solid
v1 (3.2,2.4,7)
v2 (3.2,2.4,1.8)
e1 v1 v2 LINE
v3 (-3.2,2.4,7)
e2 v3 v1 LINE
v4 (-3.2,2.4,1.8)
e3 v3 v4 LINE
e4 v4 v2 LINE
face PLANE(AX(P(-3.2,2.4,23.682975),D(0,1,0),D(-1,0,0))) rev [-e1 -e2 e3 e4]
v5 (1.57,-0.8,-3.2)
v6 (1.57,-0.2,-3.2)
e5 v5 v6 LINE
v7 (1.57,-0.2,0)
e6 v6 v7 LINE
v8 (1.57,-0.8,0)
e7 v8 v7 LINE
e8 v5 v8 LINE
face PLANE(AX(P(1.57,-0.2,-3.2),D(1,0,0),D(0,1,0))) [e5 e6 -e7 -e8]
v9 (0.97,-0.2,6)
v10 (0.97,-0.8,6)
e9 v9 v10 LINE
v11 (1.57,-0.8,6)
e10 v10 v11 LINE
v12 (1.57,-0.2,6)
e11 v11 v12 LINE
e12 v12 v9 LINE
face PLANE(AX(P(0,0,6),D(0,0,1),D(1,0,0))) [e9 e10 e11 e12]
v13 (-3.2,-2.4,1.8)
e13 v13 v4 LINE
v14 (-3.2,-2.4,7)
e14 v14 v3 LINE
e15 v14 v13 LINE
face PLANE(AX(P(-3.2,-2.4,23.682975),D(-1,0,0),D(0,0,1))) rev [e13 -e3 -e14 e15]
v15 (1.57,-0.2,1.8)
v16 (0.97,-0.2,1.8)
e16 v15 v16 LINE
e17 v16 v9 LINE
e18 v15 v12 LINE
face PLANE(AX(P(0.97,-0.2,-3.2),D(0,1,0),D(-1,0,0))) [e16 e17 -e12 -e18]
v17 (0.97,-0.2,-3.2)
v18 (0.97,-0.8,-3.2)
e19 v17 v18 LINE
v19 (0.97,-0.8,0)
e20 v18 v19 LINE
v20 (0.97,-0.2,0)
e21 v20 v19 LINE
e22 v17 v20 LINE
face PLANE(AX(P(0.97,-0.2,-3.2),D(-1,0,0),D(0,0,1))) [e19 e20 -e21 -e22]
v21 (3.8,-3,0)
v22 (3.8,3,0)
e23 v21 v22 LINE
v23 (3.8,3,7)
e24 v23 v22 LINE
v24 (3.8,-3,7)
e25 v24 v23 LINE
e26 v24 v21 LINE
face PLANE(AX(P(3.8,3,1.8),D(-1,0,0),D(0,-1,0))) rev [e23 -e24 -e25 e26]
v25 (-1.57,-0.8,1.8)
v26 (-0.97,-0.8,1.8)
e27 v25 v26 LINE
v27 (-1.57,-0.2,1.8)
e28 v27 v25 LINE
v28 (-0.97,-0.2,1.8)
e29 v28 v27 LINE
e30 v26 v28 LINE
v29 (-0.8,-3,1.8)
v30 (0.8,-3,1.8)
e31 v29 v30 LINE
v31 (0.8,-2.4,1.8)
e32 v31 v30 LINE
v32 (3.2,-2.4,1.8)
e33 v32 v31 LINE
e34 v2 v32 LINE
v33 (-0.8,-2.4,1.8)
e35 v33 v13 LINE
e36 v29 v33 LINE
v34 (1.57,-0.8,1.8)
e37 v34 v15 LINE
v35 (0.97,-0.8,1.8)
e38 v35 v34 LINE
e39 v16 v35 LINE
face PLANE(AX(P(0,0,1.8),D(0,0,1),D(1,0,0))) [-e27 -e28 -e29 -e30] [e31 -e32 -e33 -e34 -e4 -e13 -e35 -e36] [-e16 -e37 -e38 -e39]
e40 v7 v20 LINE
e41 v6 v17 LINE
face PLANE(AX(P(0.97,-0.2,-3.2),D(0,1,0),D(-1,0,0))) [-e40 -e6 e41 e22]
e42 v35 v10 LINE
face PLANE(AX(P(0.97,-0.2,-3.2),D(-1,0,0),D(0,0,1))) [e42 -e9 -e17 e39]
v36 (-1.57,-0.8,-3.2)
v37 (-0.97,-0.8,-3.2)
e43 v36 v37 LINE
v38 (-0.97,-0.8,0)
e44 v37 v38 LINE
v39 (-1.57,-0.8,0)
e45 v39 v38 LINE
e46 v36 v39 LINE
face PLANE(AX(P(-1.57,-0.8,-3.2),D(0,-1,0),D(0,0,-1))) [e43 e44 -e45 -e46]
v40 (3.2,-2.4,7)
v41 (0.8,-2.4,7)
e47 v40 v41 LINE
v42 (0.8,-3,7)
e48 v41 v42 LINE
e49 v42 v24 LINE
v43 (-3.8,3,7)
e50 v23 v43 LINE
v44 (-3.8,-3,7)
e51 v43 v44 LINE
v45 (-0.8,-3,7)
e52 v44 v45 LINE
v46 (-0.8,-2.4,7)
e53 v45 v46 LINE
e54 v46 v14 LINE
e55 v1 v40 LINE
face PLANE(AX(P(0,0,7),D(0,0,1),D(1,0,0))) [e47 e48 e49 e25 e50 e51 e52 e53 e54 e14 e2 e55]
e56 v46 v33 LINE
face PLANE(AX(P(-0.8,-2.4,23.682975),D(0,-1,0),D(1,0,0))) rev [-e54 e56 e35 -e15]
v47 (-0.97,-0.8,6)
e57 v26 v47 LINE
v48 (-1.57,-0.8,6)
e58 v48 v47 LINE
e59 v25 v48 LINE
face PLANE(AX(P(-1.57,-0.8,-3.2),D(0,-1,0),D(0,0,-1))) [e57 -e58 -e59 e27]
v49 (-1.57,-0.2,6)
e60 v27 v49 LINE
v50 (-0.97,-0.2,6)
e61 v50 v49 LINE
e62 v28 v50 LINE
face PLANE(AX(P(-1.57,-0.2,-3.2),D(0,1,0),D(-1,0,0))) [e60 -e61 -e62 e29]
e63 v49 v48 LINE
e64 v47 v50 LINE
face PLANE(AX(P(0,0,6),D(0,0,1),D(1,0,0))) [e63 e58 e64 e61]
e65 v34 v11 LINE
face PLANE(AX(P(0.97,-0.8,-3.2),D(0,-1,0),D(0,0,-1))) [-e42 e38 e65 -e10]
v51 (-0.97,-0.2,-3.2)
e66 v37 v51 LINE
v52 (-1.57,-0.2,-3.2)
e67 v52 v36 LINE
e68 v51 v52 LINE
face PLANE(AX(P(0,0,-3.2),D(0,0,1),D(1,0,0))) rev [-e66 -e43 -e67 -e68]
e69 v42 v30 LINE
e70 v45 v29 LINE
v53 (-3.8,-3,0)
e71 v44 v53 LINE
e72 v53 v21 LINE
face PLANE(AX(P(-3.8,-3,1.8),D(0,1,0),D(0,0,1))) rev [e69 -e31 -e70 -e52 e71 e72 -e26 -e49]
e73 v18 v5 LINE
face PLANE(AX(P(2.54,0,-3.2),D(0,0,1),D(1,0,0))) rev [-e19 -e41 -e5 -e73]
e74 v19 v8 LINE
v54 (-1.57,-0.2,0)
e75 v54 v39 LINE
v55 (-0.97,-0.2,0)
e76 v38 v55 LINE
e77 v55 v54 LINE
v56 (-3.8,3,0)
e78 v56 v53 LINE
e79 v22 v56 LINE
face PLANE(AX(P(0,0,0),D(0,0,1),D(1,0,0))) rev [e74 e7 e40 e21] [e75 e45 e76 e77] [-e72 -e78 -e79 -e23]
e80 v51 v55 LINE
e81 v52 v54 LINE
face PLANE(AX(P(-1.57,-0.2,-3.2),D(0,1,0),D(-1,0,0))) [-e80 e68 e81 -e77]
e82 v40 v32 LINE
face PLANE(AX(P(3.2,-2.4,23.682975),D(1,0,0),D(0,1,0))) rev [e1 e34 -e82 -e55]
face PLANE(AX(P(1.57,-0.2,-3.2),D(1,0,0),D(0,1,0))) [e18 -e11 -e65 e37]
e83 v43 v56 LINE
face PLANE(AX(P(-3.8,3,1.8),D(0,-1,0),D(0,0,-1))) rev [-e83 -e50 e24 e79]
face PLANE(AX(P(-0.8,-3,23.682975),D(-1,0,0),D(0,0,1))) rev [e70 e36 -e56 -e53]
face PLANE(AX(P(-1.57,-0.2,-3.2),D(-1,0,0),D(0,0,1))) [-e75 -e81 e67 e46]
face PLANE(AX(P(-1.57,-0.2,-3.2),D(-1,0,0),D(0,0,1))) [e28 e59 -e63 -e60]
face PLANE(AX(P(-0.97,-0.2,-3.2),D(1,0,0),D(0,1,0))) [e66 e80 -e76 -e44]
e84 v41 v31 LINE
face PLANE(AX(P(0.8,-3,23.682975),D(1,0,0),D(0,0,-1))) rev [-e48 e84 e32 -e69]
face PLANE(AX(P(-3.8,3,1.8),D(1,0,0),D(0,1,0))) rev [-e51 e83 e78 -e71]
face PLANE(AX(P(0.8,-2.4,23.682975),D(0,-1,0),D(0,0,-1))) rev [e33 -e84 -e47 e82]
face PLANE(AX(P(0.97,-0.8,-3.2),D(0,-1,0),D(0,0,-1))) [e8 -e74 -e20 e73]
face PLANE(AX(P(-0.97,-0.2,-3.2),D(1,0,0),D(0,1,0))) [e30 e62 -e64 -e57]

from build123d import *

# Parameters (mm, degrees)
SKETCH1_W           = 7.6
SKETCH1_H           = 6
BOSS_EXTRUDE1_DEPTH = 1.8
BOSS_EXTRUDE2_DEPTH = 5.2
BOSS_EXTRUDE3_START = -5
SKETCH3_W           = 0.6
SKETCH3_H           = 0.6
BOSS_EXTRUDE3_DEPTH = 9.2
LPATTERN1_COUNT     = 2
LPATTERN1_PITCH     = 2.54


with BuildPart() as part:
    # Sketch1 → Boss-Extrude1 (new body)
    with BuildSketch(Plane.XY):
        Rectangle(SKETCH1_W, SKETCH1_H)
    extrude(amount=BOSS_EXTRUDE1_DEPTH)

    # Sketch2 → Boss-Extrude2 (add)
    with BuildSketch(Plane.XY.offset(1.8)):
        Polygon((-0.8, -3), (-0.8, -2.4), (-3.2, -2.4), (-3.2, 2.4), (3.2, 2.4), (3.2, -2.4), (0.8, -2.4), (0.8, -3), (3.8, -3), (3.8, 3), (-3.8, 3), (-3.8, -3), align=None)
    extrude(amount=BOSS_EXTRUDE2_DEPTH)

    # Sketch3 → Boss-Extrude3 (add)
    with BuildSketch(Plane.XY.offset(1.8).offset(BOSS_EXTRUDE3_START)):
        with Locations((-1.27, -0.5)):
            Rectangle(SKETCH3_W, SKETCH3_H)
    boss_extrude3 = extrude(amount=BOSS_EXTRUDE3_DEPTH)

    # LPattern1: Boss-Extrude3 ×2
    with Locations(*[(i * LPATTERN1_PITCH, 0, 0) for i in range(1, LPATTERN1_COUNT)]):
        add(boss_extrude3)


solid = part.part
